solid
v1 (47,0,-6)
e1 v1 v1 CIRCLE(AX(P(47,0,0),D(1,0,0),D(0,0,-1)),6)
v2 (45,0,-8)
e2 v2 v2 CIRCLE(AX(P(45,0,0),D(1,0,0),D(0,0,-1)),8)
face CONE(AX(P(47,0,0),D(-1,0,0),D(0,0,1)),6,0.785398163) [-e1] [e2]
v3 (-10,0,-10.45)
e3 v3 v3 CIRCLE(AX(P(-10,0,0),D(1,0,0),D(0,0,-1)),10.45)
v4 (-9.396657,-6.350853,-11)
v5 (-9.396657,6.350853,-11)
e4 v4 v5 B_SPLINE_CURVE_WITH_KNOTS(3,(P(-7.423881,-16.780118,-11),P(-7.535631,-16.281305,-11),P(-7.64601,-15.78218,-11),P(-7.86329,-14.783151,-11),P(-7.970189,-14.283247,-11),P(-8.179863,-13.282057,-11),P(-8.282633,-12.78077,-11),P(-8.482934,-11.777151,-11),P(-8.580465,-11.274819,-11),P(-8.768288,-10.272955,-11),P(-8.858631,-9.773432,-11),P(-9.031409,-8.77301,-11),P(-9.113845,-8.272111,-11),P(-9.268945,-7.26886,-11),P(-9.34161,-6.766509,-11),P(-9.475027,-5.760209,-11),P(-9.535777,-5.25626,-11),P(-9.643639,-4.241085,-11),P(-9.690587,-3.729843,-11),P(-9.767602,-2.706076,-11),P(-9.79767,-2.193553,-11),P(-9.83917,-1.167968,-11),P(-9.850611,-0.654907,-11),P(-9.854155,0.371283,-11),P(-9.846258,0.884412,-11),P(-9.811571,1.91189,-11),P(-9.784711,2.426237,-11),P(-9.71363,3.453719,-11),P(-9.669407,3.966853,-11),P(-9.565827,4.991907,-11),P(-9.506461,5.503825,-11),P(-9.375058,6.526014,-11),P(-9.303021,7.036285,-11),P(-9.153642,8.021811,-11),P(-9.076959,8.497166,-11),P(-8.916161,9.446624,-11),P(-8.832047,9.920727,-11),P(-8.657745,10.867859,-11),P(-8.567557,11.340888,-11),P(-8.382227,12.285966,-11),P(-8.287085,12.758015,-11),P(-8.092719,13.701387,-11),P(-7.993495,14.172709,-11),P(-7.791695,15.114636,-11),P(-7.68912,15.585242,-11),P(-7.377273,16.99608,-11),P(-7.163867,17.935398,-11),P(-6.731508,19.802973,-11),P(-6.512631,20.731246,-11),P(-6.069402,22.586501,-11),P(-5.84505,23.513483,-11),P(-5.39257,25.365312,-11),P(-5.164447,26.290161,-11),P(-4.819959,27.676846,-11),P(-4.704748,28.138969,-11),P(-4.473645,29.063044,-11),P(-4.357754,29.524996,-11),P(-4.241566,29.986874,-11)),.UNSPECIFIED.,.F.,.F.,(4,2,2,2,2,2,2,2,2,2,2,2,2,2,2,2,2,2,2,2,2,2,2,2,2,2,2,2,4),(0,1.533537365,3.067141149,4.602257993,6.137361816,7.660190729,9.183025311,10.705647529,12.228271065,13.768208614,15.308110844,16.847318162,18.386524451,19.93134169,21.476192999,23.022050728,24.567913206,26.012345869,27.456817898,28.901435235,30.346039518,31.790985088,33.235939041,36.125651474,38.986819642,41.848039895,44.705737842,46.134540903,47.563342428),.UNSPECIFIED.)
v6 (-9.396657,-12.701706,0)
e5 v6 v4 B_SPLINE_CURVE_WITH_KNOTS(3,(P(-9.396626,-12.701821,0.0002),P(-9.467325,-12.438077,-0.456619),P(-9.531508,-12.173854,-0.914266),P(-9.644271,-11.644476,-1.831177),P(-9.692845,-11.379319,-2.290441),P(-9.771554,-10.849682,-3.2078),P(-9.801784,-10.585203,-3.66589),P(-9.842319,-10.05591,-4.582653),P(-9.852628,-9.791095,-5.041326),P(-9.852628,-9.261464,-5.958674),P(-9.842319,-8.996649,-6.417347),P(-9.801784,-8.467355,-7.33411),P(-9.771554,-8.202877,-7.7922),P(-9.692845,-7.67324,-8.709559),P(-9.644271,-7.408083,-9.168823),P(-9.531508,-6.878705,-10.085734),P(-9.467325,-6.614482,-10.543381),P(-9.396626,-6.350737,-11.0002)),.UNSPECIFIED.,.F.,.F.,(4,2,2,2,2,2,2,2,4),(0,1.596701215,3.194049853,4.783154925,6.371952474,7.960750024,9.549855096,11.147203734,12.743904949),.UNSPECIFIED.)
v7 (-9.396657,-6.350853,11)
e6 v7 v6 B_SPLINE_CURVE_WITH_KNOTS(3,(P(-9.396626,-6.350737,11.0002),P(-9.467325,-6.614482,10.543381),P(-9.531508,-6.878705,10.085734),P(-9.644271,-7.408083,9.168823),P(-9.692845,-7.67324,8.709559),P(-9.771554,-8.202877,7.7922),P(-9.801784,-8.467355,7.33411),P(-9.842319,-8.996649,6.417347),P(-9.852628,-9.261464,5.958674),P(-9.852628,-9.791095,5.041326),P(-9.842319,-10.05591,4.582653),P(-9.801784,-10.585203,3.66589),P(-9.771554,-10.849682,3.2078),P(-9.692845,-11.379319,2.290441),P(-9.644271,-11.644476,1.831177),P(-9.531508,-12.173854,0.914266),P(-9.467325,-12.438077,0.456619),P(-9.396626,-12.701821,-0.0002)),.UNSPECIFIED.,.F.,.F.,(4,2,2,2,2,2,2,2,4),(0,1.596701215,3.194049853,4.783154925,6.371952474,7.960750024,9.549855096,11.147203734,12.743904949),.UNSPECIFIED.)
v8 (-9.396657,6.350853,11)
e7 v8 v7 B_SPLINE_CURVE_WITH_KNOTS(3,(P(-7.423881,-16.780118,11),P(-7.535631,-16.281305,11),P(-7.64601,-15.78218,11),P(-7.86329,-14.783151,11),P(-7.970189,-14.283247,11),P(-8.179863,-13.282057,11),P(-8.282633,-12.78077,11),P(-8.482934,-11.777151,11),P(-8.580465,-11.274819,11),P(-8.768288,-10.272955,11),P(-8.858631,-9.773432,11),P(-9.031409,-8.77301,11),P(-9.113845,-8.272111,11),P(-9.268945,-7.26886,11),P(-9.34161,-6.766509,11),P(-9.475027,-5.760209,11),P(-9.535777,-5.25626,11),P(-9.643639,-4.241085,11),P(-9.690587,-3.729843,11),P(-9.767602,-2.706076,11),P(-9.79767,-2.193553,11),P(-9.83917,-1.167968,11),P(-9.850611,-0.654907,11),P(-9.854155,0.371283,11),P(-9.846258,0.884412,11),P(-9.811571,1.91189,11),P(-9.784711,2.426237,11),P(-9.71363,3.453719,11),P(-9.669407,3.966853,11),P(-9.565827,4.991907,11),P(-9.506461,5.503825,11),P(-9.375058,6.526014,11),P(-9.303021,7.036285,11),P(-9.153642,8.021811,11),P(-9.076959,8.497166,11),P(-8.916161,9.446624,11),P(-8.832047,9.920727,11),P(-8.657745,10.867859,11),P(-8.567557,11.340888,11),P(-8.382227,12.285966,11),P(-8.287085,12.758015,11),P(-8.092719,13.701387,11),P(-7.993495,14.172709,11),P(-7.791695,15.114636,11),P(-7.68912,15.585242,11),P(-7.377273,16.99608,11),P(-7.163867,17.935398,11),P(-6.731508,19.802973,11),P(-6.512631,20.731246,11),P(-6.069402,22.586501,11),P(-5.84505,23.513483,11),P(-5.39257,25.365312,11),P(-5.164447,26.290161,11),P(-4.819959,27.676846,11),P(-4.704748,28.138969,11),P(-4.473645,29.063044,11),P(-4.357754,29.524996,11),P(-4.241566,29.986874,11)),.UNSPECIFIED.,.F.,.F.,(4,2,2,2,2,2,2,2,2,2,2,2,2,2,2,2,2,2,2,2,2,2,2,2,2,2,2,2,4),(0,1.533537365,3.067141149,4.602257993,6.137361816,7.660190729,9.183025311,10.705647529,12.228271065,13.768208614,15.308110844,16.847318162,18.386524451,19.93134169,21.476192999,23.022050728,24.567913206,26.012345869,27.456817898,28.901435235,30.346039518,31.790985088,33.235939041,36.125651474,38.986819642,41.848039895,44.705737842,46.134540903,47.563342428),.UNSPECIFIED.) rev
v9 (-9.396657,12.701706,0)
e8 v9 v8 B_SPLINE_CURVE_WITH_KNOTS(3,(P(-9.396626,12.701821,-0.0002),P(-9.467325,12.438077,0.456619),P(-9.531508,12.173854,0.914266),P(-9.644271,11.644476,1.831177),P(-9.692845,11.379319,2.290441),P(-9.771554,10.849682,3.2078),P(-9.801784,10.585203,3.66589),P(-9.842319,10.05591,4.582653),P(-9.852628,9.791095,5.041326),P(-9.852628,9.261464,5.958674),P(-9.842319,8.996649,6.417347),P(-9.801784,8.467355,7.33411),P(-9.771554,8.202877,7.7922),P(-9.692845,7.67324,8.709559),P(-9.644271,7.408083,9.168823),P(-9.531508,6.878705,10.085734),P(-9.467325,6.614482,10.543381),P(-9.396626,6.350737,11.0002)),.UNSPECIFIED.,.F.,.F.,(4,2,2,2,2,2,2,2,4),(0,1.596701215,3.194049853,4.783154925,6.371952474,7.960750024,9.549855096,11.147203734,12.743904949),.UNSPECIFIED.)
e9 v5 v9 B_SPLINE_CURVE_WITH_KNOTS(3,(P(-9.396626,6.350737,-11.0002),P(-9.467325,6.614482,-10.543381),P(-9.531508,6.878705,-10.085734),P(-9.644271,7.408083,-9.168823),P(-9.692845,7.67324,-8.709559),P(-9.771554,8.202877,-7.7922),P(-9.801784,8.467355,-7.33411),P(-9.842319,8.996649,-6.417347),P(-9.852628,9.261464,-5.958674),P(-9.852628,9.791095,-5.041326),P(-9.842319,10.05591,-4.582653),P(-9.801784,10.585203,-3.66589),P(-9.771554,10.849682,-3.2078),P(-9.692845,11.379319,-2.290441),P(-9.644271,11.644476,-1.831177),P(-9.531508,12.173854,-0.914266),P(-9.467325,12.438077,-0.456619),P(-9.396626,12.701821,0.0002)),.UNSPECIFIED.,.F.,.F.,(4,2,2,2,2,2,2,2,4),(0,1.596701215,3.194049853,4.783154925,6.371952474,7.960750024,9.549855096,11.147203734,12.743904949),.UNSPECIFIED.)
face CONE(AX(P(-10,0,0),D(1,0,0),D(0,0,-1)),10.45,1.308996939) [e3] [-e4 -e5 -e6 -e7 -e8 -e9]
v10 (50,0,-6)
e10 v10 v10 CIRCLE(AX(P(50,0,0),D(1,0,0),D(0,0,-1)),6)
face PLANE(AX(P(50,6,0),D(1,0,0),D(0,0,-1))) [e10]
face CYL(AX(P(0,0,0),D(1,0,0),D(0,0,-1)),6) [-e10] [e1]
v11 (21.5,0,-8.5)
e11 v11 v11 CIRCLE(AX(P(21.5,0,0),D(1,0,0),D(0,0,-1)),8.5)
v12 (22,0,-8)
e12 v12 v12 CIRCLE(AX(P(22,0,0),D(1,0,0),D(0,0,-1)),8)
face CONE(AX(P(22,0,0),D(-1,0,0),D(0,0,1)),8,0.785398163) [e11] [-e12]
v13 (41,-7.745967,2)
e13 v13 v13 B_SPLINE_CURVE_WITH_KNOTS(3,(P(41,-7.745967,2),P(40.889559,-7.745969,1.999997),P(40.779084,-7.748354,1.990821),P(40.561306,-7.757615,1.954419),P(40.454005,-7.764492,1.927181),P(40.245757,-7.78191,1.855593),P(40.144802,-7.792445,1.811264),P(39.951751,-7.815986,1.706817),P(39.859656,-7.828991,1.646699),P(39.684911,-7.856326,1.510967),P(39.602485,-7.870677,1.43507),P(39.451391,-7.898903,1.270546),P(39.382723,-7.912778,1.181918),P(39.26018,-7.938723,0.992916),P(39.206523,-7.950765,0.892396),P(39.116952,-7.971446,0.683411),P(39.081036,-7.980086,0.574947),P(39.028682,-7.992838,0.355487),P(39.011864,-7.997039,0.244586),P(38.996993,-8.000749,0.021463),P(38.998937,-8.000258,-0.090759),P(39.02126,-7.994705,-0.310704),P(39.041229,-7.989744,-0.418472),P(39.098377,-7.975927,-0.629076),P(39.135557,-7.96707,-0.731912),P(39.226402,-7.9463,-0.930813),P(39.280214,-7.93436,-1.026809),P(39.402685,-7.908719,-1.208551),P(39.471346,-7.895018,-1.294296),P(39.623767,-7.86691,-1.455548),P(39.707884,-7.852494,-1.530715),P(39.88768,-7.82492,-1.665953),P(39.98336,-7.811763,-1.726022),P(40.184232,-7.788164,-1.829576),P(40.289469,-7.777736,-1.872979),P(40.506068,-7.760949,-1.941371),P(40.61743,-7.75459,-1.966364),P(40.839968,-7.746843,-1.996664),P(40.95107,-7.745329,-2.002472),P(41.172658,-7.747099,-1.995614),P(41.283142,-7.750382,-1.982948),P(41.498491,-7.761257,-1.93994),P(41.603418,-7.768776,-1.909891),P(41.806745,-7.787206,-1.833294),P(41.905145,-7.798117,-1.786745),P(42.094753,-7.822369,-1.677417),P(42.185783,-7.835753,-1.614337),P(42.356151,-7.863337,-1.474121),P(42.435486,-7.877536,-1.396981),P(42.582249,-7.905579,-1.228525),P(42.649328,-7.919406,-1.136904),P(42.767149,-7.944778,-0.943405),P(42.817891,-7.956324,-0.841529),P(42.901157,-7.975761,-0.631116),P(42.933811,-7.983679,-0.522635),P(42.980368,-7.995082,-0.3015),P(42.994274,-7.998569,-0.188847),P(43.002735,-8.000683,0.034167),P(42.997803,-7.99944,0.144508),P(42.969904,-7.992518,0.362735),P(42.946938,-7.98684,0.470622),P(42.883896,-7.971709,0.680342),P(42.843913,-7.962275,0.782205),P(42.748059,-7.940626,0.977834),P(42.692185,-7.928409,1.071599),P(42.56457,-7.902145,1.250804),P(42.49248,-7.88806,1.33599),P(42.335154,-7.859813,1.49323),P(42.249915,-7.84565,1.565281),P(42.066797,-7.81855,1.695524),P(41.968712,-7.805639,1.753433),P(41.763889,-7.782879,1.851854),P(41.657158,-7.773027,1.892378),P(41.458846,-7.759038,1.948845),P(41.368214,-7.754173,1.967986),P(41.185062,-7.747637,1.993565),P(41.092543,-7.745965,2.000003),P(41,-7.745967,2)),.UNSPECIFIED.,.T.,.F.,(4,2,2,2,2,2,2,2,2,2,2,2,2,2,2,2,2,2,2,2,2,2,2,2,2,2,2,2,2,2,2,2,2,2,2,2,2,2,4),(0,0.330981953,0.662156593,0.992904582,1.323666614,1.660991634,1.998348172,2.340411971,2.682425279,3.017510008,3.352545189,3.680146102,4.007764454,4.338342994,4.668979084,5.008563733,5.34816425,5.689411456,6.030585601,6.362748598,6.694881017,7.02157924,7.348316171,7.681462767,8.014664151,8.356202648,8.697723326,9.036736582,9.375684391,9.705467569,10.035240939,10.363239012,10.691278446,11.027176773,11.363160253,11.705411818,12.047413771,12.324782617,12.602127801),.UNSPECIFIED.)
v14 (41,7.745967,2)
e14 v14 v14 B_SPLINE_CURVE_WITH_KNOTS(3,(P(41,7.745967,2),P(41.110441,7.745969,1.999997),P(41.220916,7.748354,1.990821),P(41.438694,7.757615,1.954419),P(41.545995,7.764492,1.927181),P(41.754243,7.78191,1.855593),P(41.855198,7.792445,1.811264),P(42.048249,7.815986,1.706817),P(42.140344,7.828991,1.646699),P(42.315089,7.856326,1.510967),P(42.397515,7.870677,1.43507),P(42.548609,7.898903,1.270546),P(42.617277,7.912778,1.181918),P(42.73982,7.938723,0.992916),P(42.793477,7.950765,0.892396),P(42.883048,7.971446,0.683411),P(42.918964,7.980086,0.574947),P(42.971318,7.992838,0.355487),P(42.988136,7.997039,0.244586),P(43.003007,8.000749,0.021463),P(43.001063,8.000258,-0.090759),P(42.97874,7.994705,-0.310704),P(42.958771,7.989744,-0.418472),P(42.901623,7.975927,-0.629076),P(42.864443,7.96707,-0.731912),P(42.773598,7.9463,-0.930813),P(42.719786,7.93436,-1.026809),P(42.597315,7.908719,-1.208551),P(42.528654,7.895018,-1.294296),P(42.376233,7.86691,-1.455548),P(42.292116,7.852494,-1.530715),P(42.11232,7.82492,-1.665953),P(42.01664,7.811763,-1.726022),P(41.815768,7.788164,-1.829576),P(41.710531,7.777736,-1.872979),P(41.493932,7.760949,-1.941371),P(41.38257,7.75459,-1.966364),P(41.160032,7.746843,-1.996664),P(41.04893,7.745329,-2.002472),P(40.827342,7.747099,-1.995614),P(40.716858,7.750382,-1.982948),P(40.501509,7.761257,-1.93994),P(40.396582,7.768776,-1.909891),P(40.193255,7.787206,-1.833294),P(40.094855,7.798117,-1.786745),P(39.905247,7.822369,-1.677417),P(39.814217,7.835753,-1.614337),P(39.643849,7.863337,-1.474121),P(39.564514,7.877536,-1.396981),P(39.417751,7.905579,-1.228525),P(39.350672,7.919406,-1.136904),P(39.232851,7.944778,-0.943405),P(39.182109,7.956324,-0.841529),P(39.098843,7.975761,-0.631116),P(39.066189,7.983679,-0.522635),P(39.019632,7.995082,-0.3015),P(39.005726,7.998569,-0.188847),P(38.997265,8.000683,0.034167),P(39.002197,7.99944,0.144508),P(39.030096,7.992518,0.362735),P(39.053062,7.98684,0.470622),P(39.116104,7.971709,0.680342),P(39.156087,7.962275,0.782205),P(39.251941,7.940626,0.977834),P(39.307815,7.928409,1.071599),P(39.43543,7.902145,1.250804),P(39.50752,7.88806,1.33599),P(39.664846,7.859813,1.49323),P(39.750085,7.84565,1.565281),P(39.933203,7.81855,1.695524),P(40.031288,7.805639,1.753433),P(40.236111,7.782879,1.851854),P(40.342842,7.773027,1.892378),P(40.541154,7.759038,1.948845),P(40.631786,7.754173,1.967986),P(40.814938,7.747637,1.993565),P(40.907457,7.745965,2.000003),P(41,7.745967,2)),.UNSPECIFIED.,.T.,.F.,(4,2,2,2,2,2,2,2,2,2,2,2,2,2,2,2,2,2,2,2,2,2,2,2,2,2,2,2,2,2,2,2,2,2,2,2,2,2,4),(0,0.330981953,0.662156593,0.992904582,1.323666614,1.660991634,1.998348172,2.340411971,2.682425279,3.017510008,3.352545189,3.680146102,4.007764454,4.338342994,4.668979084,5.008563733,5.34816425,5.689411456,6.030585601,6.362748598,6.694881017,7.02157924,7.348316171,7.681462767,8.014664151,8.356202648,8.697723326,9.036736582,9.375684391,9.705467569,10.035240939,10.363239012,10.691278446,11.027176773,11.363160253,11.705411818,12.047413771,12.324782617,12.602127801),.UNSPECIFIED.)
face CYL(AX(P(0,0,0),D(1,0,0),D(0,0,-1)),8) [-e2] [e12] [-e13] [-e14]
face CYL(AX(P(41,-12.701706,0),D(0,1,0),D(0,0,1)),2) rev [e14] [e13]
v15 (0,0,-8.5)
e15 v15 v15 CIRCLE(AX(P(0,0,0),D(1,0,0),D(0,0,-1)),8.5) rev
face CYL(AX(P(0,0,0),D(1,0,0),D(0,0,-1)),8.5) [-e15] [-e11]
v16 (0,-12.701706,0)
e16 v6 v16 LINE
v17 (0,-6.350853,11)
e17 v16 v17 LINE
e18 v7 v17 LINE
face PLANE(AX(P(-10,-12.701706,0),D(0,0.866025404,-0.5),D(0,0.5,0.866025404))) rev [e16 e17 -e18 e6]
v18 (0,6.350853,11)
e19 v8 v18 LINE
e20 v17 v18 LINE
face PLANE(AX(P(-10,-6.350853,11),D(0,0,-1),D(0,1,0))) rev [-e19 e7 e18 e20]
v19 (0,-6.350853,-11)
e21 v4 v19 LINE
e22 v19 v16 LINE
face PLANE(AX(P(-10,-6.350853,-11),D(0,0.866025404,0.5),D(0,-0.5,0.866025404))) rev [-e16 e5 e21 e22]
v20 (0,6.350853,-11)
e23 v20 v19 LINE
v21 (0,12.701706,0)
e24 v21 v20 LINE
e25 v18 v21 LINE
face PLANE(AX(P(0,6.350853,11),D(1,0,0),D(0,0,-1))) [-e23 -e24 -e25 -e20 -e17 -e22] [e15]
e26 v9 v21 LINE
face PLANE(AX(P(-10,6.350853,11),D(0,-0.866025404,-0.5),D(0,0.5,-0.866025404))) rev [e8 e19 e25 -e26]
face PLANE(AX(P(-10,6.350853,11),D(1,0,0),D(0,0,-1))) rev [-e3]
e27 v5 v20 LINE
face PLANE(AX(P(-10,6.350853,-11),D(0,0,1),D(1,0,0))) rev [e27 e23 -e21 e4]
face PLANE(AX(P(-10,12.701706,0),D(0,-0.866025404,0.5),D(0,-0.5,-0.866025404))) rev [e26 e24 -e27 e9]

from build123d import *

# Parameters (mm, degrees)
BASEHEAD_DEPTH  = 10
SKE2_R          = 2
HOLE_DEPTH      = 13.701705922
HOLE_DEPTH_BACK = 13.701705922


with BuildPart() as part:
    # BodySke → BaseBody (revolve)
    with BuildSketch(Plane.XY):
        Polygon((0, 0), (0, 8.5), (21.5, 8.5), (22, 8), (45, 8), (47, 6), (50, 6), (50, 0), align=None)
    revolve(axis=Axis((0, 0, 0), (-1, 0, 0)))

    # Ske → BaseHead (add)
    with BuildSketch(Plane.ZY):
        Polygon((0, 12.701705922), (-11, 6.350852961), (-11, -6.350852961), (0, -12.701705922), (11, -6.350852961), (11, 6.350852961), align=None)
    extrude(amount=BASEHEAD_DEPTH)

    # Ske1 → HeadFillet (revolve, cut)
    with BuildSketch(Plane.XY):
        Polygon((-10, 12.701705922), (-9.396657217, 12.701705922), (-10, 10.45), align=None)
    revolve(axis=Axis((0, 0, 0), (-1, 0, 0)), mode=Mode.SUBTRACT)

    # Ske2 → Hole (cut, two sides)
    with BuildSketch(Plane(origin=(0, 0, 0), x_dir=(1, 0, 0), z_dir=(0, 1, 0))) as hole_sk:
        with Locations((41, 0)):
            Circle(SKE2_R)
    extrude(amount=HOLE_DEPTH, mode=Mode.SUBTRACT)
    extrude(hole_sk.sketch, amount=-HOLE_DEPTH_BACK, mode=Mode.SUBTRACT)


solid = part.part
